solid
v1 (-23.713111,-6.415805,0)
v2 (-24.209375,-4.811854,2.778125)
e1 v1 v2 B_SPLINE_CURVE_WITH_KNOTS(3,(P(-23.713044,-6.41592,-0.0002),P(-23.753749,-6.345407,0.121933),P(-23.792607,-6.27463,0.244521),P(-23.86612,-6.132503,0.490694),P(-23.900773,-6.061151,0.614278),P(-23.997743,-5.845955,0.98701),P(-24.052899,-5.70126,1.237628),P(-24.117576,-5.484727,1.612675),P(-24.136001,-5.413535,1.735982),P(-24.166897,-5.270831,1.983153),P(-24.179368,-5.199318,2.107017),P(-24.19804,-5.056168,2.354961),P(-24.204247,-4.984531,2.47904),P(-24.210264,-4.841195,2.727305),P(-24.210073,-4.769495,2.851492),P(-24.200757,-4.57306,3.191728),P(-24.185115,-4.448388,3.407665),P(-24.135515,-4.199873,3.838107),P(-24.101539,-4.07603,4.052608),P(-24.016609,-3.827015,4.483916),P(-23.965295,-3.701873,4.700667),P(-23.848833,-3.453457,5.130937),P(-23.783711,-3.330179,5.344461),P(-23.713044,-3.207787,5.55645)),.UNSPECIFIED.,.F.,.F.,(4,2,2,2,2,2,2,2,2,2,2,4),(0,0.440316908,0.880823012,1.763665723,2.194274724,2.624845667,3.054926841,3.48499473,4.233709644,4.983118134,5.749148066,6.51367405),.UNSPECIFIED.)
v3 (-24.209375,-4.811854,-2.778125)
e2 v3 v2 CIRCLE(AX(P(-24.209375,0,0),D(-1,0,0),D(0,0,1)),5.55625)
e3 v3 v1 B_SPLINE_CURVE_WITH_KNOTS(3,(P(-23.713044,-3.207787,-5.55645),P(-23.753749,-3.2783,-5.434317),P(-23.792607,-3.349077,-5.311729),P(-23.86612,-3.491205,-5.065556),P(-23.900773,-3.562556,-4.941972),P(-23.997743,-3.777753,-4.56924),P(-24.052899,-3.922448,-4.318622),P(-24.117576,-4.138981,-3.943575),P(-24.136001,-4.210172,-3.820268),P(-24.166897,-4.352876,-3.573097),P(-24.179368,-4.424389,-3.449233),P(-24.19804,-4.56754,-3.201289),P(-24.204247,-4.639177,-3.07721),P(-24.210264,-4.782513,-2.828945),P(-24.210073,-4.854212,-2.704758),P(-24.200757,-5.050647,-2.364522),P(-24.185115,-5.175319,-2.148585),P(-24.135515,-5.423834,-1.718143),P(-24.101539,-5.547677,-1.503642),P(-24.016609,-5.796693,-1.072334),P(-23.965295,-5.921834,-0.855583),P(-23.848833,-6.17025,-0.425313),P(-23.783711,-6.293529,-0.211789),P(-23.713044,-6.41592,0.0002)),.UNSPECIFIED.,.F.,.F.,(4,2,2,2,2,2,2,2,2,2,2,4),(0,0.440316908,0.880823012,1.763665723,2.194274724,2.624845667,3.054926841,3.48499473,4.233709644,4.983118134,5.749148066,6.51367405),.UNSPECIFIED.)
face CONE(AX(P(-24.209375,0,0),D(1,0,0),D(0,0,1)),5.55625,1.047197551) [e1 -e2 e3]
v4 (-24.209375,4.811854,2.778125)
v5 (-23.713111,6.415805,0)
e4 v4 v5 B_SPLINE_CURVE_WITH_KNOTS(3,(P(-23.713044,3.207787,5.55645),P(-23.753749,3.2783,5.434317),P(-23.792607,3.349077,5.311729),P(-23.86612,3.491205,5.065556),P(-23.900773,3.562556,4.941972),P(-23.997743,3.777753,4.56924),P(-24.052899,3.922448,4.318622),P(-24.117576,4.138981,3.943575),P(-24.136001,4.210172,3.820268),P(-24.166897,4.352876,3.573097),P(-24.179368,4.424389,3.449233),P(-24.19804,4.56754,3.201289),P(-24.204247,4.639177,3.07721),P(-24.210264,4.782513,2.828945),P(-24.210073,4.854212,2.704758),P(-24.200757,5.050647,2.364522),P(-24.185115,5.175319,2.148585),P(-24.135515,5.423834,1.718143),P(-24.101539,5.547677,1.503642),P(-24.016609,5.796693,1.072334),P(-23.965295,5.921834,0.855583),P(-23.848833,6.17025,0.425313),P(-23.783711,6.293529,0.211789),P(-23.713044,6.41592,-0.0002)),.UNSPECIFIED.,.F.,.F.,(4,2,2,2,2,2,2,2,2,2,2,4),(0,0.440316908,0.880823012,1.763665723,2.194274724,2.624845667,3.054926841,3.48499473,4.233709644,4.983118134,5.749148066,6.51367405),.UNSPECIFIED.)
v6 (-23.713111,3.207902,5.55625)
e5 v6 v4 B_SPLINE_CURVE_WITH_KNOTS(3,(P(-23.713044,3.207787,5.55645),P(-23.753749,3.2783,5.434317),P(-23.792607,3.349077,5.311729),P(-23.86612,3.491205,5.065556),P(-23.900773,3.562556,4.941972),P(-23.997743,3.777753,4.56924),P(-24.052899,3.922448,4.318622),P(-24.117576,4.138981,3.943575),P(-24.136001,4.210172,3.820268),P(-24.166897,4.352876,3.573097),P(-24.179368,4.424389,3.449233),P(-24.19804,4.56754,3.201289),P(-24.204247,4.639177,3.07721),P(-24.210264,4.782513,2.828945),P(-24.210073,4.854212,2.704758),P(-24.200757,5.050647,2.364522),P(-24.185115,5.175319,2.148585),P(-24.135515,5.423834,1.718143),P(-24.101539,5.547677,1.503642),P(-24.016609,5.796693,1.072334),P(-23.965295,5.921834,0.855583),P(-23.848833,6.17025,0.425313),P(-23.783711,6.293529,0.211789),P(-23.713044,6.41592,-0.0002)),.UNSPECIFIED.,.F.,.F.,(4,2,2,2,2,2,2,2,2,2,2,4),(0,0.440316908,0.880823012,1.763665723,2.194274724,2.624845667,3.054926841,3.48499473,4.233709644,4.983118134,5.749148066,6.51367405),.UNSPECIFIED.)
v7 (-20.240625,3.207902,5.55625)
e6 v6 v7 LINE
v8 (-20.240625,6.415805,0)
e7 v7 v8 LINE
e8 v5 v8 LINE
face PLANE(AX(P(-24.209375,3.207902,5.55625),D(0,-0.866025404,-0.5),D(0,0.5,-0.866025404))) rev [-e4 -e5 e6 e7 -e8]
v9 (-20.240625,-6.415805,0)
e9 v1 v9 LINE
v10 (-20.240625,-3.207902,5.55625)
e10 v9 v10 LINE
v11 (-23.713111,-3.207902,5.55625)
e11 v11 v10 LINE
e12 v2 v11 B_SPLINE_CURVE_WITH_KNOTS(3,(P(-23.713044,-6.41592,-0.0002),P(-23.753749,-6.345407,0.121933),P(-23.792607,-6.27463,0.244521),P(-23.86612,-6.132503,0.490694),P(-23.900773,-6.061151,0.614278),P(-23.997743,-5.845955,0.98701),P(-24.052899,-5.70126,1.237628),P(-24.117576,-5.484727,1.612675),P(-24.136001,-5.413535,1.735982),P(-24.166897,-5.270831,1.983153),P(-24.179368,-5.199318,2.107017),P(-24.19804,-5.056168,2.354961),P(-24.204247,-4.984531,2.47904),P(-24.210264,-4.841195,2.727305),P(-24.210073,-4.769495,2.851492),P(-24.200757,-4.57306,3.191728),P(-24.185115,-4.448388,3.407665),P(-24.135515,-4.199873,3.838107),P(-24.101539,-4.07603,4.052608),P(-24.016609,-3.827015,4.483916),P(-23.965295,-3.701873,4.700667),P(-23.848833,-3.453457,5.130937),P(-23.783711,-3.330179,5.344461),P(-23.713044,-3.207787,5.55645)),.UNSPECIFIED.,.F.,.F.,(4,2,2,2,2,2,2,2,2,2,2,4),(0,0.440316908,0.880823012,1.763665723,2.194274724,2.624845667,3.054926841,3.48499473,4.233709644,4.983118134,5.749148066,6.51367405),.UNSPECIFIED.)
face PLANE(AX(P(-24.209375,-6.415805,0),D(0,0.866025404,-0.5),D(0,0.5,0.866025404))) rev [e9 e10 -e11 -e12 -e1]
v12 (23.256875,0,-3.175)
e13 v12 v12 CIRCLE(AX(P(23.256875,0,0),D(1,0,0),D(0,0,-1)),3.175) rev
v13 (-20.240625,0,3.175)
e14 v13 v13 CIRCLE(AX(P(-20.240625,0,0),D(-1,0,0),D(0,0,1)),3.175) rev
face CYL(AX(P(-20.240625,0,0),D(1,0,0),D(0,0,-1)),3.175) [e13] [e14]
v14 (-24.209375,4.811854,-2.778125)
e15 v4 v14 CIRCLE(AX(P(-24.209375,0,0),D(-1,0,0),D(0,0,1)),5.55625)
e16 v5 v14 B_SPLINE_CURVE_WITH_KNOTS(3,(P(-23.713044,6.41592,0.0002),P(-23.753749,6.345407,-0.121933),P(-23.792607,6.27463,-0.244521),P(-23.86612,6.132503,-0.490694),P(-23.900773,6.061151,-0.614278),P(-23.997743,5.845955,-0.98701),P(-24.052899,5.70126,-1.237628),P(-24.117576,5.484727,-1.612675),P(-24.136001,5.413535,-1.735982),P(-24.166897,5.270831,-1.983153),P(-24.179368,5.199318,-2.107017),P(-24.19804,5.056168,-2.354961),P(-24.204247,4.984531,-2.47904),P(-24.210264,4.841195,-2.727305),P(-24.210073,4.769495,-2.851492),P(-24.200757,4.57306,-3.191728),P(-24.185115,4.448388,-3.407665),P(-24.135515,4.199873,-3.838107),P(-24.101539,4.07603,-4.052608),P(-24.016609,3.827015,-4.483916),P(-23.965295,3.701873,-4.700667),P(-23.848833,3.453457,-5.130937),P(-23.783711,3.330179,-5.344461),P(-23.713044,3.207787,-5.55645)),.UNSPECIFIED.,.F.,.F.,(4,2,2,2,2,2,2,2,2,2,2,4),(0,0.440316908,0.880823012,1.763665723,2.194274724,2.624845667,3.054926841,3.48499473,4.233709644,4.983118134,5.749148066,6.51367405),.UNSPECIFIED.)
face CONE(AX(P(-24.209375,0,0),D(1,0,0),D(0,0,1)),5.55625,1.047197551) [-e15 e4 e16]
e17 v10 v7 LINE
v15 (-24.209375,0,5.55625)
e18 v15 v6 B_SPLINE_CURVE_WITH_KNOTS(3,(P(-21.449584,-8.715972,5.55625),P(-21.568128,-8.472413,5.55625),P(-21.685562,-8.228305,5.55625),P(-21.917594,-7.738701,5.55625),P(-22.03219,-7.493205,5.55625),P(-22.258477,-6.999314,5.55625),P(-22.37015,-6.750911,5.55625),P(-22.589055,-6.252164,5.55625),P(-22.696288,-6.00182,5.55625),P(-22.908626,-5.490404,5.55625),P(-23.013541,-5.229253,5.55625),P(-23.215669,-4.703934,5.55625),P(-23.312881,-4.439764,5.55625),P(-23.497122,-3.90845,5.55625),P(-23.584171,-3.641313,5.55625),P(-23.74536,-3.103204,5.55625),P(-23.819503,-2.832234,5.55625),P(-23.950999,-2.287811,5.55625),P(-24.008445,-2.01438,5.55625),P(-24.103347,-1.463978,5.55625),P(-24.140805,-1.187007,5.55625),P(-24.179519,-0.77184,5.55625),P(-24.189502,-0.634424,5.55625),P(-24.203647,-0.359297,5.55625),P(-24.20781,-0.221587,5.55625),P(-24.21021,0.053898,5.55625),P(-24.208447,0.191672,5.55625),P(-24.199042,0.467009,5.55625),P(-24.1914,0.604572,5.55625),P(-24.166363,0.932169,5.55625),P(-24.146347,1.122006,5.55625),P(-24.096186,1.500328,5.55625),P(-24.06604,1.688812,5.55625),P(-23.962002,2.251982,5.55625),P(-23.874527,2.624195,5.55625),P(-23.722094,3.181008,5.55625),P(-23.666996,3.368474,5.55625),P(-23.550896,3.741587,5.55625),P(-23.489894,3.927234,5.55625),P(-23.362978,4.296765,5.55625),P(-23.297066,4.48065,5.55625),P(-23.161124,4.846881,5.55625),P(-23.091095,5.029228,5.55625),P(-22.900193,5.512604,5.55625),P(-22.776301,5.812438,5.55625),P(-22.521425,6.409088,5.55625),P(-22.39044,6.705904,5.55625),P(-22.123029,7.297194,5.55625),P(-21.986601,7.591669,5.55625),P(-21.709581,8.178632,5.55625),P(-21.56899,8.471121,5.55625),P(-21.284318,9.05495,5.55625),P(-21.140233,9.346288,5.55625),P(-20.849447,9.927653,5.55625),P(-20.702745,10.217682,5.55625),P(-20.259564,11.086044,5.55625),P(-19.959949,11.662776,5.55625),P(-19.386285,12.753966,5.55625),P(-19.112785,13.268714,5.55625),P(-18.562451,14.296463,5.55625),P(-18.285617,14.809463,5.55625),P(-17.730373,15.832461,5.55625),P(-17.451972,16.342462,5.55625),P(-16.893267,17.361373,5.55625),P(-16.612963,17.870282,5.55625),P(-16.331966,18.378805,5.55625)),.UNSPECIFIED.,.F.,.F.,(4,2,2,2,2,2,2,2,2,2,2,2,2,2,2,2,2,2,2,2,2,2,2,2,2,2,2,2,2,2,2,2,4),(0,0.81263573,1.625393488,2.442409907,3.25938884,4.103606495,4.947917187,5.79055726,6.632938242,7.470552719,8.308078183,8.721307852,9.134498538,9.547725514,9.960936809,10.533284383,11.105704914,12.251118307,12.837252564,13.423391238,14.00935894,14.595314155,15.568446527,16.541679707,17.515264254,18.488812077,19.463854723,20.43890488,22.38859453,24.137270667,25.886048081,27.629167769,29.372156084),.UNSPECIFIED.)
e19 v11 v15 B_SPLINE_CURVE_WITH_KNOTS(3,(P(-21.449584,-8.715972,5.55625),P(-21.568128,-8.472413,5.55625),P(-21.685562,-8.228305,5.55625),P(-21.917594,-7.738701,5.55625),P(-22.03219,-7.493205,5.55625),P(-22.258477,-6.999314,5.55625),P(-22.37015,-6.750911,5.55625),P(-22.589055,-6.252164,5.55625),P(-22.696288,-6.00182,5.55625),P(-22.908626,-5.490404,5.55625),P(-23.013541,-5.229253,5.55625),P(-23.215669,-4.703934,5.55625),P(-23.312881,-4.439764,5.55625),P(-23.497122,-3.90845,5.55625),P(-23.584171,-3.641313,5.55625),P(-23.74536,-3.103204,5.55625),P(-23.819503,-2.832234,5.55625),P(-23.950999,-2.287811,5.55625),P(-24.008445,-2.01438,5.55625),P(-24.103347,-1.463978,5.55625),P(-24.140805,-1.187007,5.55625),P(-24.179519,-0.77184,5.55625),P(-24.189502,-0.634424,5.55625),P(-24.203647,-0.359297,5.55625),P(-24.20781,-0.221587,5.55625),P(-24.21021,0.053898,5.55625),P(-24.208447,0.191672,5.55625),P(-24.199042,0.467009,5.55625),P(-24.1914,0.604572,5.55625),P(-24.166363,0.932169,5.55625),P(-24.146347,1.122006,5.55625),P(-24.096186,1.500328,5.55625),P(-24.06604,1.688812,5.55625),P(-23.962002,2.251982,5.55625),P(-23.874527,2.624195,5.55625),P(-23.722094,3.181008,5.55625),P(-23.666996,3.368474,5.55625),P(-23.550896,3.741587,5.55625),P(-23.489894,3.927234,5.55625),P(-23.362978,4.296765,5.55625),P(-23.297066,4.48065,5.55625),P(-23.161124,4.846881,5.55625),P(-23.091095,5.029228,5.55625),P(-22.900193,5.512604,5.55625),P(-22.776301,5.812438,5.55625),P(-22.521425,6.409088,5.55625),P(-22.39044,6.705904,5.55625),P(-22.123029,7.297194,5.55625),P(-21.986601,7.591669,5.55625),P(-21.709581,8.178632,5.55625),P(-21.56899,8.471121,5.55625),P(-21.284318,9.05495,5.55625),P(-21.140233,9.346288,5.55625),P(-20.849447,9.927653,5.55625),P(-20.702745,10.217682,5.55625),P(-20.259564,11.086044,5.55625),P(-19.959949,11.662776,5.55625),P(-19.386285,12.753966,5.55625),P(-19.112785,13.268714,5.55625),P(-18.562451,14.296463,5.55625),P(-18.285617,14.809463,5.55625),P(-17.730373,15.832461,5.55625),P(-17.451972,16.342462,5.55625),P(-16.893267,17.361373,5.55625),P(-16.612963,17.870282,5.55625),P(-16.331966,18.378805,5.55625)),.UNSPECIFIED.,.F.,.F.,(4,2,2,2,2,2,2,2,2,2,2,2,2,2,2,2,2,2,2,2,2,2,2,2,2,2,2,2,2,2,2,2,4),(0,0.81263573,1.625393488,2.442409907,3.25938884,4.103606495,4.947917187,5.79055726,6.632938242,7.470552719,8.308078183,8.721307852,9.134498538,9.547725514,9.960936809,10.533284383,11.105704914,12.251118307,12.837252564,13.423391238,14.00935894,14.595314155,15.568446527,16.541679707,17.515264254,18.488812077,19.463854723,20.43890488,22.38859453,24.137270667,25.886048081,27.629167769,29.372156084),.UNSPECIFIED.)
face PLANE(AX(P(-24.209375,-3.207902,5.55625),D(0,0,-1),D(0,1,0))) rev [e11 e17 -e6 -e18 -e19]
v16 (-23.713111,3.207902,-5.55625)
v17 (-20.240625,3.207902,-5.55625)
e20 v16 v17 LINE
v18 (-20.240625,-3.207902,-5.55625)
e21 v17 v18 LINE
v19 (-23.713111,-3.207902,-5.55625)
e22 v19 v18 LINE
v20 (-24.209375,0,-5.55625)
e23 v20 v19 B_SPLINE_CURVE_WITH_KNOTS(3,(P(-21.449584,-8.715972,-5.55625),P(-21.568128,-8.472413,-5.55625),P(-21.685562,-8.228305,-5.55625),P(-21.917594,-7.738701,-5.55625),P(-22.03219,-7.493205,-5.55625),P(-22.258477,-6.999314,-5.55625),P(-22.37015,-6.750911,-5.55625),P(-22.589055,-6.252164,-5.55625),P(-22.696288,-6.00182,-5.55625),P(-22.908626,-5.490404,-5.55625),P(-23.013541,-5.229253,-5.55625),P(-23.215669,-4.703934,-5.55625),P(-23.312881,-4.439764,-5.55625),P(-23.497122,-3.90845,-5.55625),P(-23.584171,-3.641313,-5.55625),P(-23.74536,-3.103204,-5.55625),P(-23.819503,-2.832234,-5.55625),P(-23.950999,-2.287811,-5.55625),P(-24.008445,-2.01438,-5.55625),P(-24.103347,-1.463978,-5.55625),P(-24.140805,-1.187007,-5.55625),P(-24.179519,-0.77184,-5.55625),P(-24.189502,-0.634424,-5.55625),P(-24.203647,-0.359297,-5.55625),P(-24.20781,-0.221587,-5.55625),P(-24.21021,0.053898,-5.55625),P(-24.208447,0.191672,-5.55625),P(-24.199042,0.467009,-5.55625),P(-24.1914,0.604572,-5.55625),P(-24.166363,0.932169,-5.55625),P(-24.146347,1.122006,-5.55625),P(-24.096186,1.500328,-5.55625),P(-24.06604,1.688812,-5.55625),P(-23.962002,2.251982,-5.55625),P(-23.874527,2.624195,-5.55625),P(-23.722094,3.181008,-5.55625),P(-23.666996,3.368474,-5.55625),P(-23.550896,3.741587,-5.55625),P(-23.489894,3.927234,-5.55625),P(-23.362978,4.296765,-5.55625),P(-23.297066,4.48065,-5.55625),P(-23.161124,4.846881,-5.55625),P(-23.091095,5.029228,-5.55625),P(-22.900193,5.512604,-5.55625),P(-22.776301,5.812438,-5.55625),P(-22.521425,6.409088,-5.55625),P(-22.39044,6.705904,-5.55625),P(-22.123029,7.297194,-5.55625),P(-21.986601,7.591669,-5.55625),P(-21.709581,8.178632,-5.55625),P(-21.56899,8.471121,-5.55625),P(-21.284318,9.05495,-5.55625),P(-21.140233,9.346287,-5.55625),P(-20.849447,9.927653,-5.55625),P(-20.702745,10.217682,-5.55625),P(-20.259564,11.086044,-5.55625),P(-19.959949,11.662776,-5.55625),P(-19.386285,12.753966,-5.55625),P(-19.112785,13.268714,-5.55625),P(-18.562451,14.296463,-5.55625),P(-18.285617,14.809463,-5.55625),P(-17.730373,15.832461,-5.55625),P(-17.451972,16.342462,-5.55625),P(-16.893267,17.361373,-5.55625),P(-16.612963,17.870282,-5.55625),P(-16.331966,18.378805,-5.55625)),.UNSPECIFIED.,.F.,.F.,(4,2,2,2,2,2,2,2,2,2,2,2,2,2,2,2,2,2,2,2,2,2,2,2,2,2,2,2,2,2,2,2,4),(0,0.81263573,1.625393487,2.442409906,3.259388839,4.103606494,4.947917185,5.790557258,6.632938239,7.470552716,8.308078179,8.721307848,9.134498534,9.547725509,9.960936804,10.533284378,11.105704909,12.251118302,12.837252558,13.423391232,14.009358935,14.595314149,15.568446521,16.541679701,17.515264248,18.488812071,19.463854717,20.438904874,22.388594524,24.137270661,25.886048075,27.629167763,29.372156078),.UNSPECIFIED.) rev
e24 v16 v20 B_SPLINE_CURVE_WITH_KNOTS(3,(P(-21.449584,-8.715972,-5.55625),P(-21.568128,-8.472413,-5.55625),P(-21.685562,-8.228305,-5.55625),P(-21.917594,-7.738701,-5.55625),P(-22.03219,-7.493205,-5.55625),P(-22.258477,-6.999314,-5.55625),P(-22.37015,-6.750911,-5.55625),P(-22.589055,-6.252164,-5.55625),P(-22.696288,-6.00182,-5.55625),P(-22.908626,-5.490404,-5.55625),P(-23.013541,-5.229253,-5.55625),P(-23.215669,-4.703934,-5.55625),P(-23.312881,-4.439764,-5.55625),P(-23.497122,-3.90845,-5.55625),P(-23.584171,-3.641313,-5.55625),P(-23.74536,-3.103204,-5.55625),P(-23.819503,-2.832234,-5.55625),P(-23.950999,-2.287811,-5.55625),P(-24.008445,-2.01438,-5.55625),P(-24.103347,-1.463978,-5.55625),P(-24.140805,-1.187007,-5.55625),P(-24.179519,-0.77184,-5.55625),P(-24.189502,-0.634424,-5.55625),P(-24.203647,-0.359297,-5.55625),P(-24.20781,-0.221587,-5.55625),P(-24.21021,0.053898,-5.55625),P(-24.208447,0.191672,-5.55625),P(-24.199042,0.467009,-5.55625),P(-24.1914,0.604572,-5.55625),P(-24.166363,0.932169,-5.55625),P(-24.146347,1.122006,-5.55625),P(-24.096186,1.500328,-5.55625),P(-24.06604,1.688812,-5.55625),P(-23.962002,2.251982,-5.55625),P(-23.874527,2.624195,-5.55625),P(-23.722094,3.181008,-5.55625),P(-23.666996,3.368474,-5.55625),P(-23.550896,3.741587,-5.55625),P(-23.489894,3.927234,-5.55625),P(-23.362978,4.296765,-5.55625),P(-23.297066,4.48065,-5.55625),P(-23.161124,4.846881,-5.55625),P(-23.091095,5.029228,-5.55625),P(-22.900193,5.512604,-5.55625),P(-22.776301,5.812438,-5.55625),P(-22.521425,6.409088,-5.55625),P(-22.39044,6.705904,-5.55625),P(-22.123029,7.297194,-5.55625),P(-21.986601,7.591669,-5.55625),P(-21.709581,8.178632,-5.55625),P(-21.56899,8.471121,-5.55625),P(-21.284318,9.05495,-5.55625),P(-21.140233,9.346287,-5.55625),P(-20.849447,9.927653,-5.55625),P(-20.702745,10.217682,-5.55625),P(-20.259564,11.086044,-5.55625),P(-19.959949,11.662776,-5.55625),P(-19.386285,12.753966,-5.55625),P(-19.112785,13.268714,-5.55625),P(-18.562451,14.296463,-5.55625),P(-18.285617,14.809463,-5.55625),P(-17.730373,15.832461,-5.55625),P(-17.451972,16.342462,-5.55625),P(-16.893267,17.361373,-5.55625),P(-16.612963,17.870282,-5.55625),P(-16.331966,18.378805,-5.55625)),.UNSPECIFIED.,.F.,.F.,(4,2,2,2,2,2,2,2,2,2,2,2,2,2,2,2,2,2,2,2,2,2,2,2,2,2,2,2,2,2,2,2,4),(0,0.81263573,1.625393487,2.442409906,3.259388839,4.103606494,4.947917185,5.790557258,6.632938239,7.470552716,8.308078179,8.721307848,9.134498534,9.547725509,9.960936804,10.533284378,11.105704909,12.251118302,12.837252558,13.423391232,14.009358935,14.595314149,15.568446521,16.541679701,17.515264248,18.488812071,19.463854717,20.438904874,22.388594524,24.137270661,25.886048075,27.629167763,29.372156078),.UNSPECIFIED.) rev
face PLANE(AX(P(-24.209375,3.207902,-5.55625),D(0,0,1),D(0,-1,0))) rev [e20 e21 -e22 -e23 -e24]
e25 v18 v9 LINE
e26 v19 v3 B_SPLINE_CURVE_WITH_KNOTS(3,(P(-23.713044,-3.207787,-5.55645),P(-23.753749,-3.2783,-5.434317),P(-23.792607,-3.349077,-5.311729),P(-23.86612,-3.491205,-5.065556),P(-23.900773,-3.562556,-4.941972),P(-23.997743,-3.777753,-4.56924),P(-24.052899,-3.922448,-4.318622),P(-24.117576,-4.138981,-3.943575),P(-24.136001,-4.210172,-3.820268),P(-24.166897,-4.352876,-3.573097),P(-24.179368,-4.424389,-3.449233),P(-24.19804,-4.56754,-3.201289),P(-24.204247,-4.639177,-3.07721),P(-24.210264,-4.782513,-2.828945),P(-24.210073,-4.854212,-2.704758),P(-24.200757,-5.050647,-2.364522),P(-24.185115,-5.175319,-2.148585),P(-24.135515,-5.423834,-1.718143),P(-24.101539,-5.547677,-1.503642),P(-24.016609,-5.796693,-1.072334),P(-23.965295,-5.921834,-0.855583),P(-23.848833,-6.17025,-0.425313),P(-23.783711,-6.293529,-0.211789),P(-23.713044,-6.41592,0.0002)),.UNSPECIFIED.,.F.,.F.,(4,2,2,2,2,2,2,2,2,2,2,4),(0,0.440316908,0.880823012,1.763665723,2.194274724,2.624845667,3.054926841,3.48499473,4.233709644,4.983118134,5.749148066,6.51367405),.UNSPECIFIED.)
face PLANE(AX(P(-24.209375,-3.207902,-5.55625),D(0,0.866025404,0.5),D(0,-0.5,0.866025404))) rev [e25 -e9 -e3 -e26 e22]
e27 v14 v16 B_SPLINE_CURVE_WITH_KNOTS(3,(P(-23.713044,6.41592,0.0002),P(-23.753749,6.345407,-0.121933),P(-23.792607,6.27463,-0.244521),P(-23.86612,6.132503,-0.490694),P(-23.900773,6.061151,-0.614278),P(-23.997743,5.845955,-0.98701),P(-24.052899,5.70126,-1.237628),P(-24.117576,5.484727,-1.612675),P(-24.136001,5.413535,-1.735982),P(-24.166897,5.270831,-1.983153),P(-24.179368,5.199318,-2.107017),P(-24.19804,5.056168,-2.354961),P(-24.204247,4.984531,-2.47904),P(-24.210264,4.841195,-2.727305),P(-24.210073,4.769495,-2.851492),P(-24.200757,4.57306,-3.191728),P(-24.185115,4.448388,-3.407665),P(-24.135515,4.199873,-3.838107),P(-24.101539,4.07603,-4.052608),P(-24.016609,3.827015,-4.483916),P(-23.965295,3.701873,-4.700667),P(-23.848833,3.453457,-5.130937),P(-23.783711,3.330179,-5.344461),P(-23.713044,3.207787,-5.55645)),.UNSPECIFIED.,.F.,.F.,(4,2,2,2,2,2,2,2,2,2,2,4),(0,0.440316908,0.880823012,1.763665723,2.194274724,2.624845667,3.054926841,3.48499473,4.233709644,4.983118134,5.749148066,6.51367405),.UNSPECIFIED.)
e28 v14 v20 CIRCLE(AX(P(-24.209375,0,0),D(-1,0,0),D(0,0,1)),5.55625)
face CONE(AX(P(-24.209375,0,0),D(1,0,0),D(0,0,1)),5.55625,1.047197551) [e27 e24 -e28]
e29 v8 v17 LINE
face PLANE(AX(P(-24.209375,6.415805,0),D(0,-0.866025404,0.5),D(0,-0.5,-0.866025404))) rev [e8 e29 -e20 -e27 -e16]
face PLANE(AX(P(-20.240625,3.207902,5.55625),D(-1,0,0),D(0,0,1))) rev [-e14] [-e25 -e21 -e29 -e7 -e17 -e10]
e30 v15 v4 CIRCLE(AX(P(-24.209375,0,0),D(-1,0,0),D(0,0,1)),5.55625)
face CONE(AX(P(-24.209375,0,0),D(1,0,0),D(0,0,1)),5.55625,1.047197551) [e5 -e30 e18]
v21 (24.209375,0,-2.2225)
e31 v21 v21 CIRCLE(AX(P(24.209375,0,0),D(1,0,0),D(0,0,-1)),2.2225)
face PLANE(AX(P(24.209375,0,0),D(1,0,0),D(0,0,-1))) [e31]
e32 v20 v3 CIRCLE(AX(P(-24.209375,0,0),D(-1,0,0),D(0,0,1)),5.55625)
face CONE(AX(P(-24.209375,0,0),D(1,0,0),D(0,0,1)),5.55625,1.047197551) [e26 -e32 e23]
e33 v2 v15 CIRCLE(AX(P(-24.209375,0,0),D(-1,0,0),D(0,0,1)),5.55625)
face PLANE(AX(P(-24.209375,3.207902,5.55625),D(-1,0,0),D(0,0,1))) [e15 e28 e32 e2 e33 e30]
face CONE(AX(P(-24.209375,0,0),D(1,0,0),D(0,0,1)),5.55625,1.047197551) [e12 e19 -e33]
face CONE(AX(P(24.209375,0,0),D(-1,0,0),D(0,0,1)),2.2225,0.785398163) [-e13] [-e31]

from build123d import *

# Parameters (mm, degrees)
SKETCH5_R           = 3.175
BOSS_EXTRUDE3_DEPTH = 44.45
CHAMFER1_SIZE       = 0.9525
BOSS_EXTRUDE4_DEPTH = 3.96875
SKETCH8_OUTSIDE_W   = 197.122
SKETCH8_OUTSIDE_H   = 198.842
SKETCH8_OUTSIDE_R   = 5.55625
CUT_EXTRUDE3_DEPTH  = 50.156991545
CUT_EXTRUDE3_DRAFT  = -60


with BuildPart() as part:
    # Sketch5 → Boss-Extrude3 (new body)
    with BuildSketch(Plane(origin=(24.209375, 0, 0), x_dir=(0, 0, -1), z_dir=(1, 0, 0))):
        Circle(SKETCH5_R)
    extrude(amount=-BOSS_EXTRUDE3_DEPTH)

    # Chamfer1
    chamfer1_edges = [part.edges().sort_by_distance(p)[0] for p in [
        (24.209375, 0, 3.175),
    ]]
    chamfer(chamfer1_edges, length=CHAMFER1_SIZE)

    # Sketch6 → Boss-Extrude4 (add)
    with BuildSketch(Plane.ZY.offset(20.240625)):
        Polygon((5.55625, 3.207902433), (0, 6.415804866), (-5.55625, 3.207902433), (-5.55625, -3.207902433), (0, -6.415804866), (5.55625, -3.207902433), align=None)
    extrude(amount=BOSS_EXTRUDE4_DEPTH)


with BuildPart() as cut_extrude3_tool:
    # Sketch8 outside → Cut-Extrude3 (with draft: the straight prism first)
    with BuildSketch(Plane.ZY.offset(24.209375)):
        Rectangle(SKETCH8_OUTSIDE_W, SKETCH8_OUTSIDE_H)
        Circle(SKETCH8_OUTSIDE_R, mode=Mode.SUBTRACT)
    extrude(amount=-CUT_EXTRUDE3_DEPTH)
    # Cut-Extrude3: the draft: its side faces are tilted about the plane it starts from
    cut_extrude3_sides = [cut_extrude3_tool.faces().sort_by_distance(p)[0] for p in [
        (0.869120772, -99.421, 0),
        (0.869120772, 0, 98.561),
        (0.869120772, 99.421, 0),
        (0.869120772, 0, -98.561),
        (0.869120772, 0, -5.55625),
    ]]
    draft(cut_extrude3_sides, Plane.ZY.offset(24.209375), CUT_EXTRUDE3_DRAFT)


with BuildPart() as part_1:
    add(part.part)

    # Cut-Extrude3: cut by cut_extrude3_tool
    add(cut_extrude3_tool.part, mode=Mode.SUBTRACT)


solid = part_1.part
